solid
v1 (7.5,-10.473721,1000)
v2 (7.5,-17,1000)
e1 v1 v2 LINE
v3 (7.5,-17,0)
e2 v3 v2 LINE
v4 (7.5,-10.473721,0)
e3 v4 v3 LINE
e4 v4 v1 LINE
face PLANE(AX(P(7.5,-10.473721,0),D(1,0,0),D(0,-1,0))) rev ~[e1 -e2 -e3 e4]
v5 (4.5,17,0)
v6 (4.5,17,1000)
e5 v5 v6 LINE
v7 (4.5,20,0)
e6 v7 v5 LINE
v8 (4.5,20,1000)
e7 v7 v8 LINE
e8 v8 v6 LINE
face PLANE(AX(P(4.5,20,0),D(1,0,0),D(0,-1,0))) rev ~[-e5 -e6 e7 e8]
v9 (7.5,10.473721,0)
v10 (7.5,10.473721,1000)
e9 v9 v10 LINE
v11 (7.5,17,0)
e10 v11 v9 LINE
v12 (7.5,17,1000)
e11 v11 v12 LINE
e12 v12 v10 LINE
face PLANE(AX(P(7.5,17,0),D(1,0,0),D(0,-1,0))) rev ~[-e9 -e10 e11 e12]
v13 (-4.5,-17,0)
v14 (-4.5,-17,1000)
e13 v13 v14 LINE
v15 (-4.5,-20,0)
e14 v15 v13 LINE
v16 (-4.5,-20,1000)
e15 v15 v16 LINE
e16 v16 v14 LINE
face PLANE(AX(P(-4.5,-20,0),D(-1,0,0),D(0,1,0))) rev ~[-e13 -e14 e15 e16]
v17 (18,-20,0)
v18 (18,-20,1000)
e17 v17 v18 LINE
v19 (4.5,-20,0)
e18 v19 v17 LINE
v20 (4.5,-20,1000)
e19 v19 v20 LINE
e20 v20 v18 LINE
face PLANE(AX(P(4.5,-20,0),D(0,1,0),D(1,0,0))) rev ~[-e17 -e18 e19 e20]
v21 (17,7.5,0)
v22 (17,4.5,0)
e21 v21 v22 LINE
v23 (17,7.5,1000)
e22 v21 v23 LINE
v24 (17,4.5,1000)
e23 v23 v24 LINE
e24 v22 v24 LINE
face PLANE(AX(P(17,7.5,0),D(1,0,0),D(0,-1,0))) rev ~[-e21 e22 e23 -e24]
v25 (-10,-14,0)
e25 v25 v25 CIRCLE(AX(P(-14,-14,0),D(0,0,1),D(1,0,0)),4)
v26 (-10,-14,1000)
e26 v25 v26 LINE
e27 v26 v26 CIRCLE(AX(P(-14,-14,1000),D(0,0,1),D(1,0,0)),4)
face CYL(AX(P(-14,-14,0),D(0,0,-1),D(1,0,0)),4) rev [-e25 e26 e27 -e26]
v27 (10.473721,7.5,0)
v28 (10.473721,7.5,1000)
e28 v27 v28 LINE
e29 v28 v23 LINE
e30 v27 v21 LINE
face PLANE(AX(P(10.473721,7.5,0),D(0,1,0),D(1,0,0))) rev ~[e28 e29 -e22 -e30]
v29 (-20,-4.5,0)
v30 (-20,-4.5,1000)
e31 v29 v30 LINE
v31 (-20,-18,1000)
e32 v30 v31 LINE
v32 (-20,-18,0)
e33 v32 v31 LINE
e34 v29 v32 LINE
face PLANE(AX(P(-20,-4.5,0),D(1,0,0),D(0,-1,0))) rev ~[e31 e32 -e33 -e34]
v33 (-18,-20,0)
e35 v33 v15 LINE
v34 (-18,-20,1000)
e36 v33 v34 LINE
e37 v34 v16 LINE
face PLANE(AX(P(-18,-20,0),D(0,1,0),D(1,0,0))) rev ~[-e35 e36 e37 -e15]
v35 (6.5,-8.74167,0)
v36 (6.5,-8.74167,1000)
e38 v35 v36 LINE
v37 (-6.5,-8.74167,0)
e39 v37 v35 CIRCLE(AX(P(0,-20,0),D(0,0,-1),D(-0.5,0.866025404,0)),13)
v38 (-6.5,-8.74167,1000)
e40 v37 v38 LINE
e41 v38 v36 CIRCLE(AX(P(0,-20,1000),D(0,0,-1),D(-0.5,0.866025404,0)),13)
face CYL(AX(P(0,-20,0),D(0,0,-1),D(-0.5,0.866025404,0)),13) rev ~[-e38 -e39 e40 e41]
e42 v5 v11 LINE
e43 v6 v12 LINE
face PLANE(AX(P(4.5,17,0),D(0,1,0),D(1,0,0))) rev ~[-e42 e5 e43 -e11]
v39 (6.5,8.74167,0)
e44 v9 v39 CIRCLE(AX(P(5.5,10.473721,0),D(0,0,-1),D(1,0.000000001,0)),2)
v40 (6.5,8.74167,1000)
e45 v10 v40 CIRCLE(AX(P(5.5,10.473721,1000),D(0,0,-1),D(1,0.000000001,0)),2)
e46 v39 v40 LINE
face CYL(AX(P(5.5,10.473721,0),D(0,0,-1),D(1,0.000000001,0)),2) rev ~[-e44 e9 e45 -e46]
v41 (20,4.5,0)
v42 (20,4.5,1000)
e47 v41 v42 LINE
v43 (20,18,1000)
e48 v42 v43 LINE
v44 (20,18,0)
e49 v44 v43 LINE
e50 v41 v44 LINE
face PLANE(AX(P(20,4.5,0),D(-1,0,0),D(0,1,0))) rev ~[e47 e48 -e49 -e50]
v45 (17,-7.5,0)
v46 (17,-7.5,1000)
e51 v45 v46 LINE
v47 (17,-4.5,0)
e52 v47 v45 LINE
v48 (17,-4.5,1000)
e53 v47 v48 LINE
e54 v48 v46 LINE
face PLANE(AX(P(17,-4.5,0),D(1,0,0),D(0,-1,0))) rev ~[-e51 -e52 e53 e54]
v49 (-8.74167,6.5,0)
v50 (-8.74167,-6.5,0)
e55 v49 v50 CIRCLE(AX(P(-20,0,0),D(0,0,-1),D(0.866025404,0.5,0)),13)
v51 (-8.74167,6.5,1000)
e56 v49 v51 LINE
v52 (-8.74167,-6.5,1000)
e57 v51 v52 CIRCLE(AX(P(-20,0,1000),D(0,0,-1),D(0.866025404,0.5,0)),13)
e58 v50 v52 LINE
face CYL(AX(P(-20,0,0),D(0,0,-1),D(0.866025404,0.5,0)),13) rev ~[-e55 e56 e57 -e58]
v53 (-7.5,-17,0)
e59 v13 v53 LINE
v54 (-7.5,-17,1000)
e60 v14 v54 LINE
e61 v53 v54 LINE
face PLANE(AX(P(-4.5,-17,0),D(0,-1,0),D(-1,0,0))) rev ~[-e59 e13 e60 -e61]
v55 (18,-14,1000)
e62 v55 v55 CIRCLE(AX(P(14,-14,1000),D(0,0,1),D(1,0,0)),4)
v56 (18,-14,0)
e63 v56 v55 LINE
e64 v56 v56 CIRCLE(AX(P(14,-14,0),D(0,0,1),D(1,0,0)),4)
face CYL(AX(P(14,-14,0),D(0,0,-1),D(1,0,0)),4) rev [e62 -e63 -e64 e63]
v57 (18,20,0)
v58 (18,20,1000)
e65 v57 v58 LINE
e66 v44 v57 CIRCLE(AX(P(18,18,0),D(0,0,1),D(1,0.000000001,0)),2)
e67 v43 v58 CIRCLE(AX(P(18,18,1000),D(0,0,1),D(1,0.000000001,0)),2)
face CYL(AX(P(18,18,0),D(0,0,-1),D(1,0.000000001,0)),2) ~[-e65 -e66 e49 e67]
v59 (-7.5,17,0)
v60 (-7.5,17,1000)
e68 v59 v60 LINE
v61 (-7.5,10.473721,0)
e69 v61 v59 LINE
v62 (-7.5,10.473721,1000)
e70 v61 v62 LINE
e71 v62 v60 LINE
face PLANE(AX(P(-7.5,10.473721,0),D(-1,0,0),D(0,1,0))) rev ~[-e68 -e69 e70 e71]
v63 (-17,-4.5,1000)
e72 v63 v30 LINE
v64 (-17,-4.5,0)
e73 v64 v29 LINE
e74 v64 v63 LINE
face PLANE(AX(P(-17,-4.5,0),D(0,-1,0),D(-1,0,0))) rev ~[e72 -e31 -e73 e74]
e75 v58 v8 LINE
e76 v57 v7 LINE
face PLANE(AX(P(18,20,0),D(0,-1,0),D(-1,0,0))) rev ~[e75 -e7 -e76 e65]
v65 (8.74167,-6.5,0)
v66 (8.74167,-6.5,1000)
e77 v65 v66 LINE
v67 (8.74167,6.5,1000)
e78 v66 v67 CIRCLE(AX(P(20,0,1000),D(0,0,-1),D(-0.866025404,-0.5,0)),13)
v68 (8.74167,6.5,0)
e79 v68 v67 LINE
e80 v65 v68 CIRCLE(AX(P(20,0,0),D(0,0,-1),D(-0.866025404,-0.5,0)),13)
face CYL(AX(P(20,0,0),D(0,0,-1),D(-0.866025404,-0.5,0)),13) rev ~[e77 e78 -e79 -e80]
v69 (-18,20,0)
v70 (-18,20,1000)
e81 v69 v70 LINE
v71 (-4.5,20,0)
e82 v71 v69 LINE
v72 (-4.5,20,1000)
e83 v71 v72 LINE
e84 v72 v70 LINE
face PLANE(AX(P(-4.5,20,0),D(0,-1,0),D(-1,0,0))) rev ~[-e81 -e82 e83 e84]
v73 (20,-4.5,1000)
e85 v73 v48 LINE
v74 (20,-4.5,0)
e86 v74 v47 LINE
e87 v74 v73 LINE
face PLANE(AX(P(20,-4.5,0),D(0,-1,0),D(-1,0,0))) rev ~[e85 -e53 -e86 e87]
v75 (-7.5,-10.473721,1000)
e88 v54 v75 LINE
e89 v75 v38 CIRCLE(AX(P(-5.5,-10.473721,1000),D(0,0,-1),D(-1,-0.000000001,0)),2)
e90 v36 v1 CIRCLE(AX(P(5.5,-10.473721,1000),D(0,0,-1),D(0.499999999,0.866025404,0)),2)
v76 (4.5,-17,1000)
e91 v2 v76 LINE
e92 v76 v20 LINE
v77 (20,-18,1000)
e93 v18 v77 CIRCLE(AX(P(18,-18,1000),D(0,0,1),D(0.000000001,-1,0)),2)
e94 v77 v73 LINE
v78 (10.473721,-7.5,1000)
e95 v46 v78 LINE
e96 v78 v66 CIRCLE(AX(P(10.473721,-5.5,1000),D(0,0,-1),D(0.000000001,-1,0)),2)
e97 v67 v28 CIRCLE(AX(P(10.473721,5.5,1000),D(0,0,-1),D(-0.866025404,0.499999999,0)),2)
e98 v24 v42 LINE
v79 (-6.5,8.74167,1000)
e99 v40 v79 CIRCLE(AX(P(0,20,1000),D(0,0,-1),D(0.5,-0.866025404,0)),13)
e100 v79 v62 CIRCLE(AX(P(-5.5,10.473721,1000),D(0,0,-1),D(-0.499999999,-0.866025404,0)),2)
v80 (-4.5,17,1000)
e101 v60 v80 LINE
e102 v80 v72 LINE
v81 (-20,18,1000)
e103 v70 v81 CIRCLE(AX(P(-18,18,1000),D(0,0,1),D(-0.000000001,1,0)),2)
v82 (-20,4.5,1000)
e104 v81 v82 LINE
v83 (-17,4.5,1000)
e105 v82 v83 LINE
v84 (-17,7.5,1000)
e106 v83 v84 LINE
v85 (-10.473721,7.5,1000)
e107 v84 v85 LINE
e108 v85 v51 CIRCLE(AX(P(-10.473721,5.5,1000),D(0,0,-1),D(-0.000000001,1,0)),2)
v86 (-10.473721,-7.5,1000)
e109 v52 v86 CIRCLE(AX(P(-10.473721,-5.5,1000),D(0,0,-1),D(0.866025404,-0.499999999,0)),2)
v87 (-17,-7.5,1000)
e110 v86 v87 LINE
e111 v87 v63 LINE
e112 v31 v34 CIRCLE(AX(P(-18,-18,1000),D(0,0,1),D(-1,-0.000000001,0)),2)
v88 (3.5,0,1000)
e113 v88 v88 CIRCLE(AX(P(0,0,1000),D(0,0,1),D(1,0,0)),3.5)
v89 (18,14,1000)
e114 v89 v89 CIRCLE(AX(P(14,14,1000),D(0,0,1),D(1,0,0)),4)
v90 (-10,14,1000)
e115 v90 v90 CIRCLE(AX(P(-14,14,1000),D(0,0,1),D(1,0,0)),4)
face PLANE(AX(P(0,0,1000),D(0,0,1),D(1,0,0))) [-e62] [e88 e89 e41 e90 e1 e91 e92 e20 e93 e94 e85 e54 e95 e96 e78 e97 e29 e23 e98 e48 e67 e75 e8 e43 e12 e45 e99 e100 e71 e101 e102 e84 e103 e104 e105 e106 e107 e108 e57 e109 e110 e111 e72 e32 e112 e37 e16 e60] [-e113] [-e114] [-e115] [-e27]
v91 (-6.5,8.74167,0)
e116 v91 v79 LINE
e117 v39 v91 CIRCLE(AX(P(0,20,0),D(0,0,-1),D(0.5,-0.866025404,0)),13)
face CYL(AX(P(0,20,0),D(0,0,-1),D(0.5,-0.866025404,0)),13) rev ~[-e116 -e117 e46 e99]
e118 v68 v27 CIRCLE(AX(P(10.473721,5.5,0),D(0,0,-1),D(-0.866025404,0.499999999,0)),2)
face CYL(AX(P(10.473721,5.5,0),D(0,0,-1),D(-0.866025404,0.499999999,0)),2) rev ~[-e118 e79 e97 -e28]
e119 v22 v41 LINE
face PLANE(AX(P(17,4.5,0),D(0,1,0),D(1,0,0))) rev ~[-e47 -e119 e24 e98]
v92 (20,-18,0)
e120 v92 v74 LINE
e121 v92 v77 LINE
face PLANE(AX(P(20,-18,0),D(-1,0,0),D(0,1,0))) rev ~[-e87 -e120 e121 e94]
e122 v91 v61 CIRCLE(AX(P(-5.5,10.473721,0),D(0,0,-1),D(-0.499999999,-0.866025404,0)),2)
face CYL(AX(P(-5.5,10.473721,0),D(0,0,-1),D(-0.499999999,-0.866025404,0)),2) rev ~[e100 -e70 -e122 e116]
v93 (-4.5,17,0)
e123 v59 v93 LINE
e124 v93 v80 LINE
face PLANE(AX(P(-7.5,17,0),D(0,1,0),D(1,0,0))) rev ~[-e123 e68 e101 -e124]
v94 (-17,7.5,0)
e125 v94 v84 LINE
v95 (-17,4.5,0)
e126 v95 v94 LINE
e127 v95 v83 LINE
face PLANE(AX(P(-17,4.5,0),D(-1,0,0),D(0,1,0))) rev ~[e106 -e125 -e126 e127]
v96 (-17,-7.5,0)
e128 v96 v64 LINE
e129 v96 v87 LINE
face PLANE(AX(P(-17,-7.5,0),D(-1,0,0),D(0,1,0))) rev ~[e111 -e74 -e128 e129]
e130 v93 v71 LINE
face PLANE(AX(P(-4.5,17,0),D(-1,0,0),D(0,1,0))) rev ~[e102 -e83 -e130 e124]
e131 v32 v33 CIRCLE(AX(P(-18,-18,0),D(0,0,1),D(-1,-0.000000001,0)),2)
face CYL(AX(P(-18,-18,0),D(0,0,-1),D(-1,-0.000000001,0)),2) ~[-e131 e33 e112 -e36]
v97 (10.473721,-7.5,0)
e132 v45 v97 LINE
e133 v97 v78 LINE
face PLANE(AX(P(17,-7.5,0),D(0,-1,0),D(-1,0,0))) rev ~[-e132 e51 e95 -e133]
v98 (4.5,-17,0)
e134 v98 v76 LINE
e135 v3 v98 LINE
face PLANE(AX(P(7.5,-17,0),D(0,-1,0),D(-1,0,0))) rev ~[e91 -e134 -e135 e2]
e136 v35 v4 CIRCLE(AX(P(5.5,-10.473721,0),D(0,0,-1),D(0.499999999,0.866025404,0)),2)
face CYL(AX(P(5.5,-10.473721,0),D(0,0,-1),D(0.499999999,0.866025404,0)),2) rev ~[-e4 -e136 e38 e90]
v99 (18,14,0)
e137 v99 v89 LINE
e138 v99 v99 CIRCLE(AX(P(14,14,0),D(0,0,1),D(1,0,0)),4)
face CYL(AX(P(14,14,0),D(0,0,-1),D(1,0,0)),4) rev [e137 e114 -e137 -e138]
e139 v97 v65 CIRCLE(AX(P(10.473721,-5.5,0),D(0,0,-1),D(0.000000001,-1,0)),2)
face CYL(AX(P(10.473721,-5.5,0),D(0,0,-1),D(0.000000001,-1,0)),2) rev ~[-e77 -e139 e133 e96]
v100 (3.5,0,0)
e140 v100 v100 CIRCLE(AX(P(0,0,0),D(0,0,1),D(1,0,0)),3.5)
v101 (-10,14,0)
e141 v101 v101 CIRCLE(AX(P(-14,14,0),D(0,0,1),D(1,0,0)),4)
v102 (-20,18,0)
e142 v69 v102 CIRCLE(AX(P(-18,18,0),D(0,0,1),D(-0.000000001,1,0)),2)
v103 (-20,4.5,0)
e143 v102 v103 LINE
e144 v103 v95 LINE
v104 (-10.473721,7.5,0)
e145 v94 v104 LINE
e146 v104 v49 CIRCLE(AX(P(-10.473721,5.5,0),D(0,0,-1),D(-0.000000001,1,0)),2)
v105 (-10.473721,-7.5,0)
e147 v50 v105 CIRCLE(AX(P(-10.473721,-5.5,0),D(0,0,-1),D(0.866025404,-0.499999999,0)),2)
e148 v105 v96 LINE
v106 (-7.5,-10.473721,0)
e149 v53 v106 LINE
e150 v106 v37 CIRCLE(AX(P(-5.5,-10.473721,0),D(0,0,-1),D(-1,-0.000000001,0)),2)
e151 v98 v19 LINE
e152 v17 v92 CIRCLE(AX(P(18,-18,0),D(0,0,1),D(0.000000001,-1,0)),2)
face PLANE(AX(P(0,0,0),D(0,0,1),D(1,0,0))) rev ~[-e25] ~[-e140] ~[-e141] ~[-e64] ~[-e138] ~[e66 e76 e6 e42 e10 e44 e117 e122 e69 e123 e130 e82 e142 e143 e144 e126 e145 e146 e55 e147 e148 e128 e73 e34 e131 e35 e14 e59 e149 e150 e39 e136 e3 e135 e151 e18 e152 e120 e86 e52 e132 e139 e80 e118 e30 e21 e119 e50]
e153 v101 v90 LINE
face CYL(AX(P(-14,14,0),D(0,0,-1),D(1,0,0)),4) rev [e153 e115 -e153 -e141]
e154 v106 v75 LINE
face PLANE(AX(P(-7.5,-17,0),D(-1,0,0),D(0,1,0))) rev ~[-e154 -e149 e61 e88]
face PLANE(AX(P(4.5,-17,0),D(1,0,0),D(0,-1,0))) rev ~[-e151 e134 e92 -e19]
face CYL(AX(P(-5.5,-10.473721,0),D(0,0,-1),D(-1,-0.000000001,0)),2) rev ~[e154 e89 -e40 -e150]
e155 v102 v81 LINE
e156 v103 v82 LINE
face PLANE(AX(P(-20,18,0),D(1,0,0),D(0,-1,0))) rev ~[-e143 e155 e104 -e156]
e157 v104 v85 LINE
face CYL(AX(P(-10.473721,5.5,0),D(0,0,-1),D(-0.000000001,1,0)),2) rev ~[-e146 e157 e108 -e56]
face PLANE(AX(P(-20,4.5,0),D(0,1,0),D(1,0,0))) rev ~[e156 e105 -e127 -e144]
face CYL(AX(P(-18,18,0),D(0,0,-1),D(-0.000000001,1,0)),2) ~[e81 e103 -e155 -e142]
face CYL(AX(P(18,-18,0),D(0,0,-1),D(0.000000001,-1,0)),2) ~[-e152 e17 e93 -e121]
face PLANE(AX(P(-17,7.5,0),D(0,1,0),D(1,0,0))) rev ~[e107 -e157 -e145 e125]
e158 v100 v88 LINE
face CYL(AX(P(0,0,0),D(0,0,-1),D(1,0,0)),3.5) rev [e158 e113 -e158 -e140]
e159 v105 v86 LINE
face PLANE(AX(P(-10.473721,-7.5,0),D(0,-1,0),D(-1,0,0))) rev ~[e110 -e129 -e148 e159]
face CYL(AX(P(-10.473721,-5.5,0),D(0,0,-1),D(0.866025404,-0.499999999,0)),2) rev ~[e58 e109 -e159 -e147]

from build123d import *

# Parameters (mm, degrees)
SKETCH1_R           = 4
SKETCH1_R_2         = 3.5
BOSS_EXTRUDE1_DEPTH = 1000


with BuildPart() as part:
    # Sketch1 → Boss-Extrude1 (new body)
    with BuildSketch(Plane.XY):
        with BuildLine():
            Line((-20, 18), (-20, 4.5))
            Line((-20, 4.5), (-17, 4.5))
            Line((-17, 4.5), (-17, 7.5))
            Line((-17, 7.5), (-10.473720558, 7.5))
            ThreePointArc((-10.473720558, 7.5), (-9.473720558, 7.232050808), (-8.741669751, 6.5))
            ThreePointArc((-8.741669751, 6.5), (-7, 0), (-8.741669751, -6.5))
            ThreePointArc((-8.741669751, -6.5), (-9.473720558, -7.232050808), (-10.473720558, -7.5))
            Line((-10.473720558, -7.5), (-17, -7.5))
            Line((-17, -7.5), (-17, -4.5))
            Line((-17, -4.5), (-20, -4.5))
            Line((-20, -4.5), (-20, -18))
            ThreePointArc((-20, -18), (-19.414213562, -19.414213562), (-18, -20))
            Line((-18, -20), (-4.5, -20))
            Line((-4.5, -20), (-4.5, -17))
            Line((-4.5, -17), (-7.5, -17))
            Line((-7.5, -17), (-7.5, -10.473720558))
            ThreePointArc((-7.5, -10.473720558), (-7.232050808, -9.473720558), (-6.5, -8.741669751))
            ThreePointArc((-6.5, -8.741669751), (0, -7), (6.5, -8.741669751))
            ThreePointArc((6.5, -8.741669751), (7.232050808, -9.473720558), (7.5, -10.473720558))
            Line((7.5, -10.473720558), (7.5, -17))
            Line((7.5, -17), (4.5, -17))
            Line((4.5, -17), (4.5, -20))
            Line((4.5, -20), (18, -20))
            ThreePointArc((18, -20), (19.414213562, -19.414213562), (20, -18))
            Line((20, -18), (20, -4.5))
            Line((20, -4.5), (17, -4.5))
            Line((17, -4.5), (17, -7.5))
            Line((17, -7.5), (10.473720558, -7.5))
            ThreePointArc((10.473720558, -7.5), (9.473720558, -7.232050808), (8.741669751, -6.5))
            ThreePointArc((8.741669751, -6.5), (7, 0), (8.741669751, 6.5))
            ThreePointArc((8.741669751, 6.5), (9.473720558, 7.232050808), (10.473720558, 7.5))
            Line((10.473720558, 7.5), (17, 7.5))
            Line((17, 7.5), (17, 4.5))
            Line((17, 4.5), (20, 4.5))
            Line((20, 4.5), (20, 18))
            ThreePointArc((20, 18), (19.414213562, 19.414213562), (18, 20))
            Line((18, 20), (4.5, 20))
            Line((4.5, 20), (4.5, 17))
            Line((4.5, 17), (7.5, 17))
            Line((7.5, 17), (7.5, 10.473720558))
            ThreePointArc((7.5, 10.473720558), (7.232050808, 9.473720558), (6.5, 8.741669751))
            ThreePointArc((6.5, 8.741669751), (0, 7), (-6.5, 8.741669751))
            ThreePointArc((-6.5, 8.741669751), (-7.232050808, 9.473720558), (-7.5, 10.473720558))
            Line((-7.5, 10.473720558), (-7.5, 17))
            Line((-7.5, 17), (-4.5, 17))
            Line((-4.5, 17), (-4.5, 20))
            Line((-4.5, 20), (-18, 20))
            ThreePointArc((-18, 20), (-19.414213562, 19.414213562), (-20, 18))
        make_face()
        with Locations((-14, -14)):
            Circle(SKETCH1_R, mode=Mode.SUBTRACT)
        with Locations((14, -14)):
            Circle(SKETCH1_R, mode=Mode.SUBTRACT)
        with Locations((14, 14)):
            Circle(SKETCH1_R, mode=Mode.SUBTRACT)
        Circle(SKETCH1_R_2, mode=Mode.SUBTRACT)
        with Locations((-14, 14)):
            Circle(SKETCH1_R, mode=Mode.SUBTRACT)
    extrude(amount=BOSS_EXTRUDE1_DEPTH)


solid = part.part
